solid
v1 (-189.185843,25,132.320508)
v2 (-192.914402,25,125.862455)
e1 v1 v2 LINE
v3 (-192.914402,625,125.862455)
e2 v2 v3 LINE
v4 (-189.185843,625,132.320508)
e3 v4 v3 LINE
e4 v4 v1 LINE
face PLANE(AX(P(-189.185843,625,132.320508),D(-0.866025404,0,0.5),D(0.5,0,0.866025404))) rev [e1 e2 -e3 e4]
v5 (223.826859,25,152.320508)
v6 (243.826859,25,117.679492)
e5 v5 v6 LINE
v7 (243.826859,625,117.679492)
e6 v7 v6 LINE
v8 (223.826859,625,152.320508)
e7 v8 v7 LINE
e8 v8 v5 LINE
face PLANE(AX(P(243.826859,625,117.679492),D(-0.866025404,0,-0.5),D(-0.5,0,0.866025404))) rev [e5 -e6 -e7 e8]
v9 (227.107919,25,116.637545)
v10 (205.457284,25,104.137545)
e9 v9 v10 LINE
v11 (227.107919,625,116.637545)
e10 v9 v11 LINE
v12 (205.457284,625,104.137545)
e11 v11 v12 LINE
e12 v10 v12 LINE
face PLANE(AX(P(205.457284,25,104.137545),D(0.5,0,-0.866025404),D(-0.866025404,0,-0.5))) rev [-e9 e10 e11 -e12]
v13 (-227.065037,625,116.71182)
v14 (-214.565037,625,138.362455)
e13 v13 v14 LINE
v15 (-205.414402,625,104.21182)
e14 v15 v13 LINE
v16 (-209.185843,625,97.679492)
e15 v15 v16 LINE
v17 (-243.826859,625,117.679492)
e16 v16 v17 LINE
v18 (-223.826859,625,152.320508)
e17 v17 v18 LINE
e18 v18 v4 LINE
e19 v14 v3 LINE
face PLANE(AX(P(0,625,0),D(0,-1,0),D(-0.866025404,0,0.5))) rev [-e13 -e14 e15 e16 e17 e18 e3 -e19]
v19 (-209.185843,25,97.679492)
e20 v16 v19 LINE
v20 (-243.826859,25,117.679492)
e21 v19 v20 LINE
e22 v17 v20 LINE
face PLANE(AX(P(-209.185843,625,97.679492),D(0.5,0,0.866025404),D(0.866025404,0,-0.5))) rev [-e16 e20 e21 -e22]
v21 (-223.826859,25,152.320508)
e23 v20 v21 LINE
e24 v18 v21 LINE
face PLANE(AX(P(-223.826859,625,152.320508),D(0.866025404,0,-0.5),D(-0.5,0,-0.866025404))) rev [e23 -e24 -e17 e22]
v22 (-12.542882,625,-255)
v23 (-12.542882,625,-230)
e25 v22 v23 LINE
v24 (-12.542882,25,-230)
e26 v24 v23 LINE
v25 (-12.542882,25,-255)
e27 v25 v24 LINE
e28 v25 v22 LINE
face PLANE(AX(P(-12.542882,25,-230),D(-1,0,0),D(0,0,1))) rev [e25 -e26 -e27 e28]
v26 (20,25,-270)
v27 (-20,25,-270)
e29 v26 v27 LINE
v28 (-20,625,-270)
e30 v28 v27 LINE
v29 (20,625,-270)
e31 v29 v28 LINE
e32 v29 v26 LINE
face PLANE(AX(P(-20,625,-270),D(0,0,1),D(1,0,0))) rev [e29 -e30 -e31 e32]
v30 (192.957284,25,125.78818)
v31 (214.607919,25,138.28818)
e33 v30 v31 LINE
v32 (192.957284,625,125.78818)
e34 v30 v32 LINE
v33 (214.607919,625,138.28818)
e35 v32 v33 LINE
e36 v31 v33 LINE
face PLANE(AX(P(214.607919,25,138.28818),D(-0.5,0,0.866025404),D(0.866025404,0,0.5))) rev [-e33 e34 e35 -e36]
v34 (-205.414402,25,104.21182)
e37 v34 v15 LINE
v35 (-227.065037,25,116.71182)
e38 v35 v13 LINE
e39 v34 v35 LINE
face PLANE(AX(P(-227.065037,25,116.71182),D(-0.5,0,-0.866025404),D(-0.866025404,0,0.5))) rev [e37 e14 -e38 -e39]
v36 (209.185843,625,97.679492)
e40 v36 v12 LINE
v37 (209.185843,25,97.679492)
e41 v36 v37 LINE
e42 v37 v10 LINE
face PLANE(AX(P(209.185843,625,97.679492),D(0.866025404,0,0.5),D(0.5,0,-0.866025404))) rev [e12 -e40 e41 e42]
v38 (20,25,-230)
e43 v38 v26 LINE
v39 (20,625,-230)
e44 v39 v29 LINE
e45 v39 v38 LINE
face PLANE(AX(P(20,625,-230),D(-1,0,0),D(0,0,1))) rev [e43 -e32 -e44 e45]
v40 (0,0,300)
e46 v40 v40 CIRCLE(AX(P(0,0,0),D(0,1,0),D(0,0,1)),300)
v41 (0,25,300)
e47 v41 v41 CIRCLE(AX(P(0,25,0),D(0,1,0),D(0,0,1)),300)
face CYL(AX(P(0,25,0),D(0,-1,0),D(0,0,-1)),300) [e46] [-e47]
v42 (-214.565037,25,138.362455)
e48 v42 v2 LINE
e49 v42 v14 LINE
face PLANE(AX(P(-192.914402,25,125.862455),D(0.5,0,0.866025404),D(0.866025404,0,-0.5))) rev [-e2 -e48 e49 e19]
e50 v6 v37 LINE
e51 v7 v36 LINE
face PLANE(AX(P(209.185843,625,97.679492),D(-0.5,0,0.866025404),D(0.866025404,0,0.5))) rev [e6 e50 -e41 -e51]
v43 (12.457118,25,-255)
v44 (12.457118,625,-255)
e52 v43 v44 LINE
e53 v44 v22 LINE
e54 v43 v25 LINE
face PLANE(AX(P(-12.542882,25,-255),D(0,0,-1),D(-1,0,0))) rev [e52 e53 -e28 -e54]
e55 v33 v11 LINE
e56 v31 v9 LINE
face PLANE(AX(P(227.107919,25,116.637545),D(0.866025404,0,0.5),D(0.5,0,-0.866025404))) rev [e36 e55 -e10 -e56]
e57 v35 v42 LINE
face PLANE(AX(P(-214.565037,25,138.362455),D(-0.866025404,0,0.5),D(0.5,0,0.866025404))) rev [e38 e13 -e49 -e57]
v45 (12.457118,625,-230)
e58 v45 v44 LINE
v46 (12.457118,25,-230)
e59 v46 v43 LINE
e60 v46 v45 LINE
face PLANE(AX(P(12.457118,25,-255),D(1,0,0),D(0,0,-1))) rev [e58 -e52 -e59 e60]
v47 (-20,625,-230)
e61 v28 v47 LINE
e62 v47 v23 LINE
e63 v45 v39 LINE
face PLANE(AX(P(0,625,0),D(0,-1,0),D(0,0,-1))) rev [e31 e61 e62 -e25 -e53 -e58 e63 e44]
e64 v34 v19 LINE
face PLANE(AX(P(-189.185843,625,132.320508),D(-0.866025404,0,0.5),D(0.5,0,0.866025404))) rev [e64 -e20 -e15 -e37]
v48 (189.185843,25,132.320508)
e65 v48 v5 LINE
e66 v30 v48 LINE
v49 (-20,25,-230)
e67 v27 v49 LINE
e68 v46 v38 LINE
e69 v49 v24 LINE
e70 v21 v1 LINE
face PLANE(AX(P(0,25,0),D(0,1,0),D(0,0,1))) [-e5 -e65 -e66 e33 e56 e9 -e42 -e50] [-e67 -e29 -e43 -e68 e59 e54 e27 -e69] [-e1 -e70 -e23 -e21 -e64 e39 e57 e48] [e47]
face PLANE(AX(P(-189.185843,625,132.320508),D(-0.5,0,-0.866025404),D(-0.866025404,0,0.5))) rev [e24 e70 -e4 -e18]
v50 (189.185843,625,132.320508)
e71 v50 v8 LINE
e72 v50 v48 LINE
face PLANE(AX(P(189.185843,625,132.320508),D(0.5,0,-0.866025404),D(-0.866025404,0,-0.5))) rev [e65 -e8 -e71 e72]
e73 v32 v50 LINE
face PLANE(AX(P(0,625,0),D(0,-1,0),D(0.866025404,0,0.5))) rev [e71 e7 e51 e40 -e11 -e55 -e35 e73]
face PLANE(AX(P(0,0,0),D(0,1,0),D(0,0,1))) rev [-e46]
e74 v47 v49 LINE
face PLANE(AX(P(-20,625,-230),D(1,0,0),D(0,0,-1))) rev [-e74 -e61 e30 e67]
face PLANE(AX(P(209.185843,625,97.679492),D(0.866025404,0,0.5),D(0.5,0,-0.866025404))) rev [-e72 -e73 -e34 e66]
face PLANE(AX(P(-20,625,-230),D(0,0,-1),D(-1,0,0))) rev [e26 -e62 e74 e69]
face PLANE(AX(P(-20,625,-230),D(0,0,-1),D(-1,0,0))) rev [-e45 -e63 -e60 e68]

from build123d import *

# Parameters (mm, degrees)
SKETCH2_R           = 300
BOSS_EXTRUDE1_DEPTH = 25
SKETCH4_W           = 40
SKETCH4_H           = 40
BOSS_EXTRUDE2_DEPTH = 600
SKETCH5_W           = 25
SKETCH5_H           = 25
CUT_EXTRUDE3_DEPTH  = 600
CIRPATTERN2_COUNT   = 3


with BuildPart() as part:
    # Sketch2 → Boss-Extrude1 (new body)
    with BuildSketch(Plane(origin=(0, 0, 0), x_dir=(1, 0, 0), z_dir=(0, 1, 0))):
        Circle(SKETCH2_R)
    extrude(amount=BOSS_EXTRUDE1_DEPTH)

    # Sketch4 → Boss-Extrude2 (add)
    with BuildSketch(Plane(origin=(0, 25, 0), x_dir=(1, 0, 0), z_dir=(0, 1, 0))):
        with Locations((0, 250)):
            Rectangle(SKETCH4_W, SKETCH4_H)
    boss_extrude2 = extrude(amount=BOSS_EXTRUDE2_DEPTH)

    # Sketch5 → Cut-Extrude3 (cut)
    with BuildSketch(Plane(origin=(0, 625, 0), x_dir=(1, 0, 0), z_dir=(0, 1, 0))):
        with Locations((-0.042882398, 242.5)):
            Rectangle(SKETCH5_W, SKETCH5_H)
    cut_extrude3 = extrude(amount=-CUT_EXTRUDE3_DEPTH, mode=Mode.SUBTRACT)

    # CirPattern2: Boss-Extrude2, Cut-Extrude3 ×3 about axis
    cirpattern2_axis = Axis((0, 0, 0), (0, 1, 0))
    for i in range(1, CIRPATTERN2_COUNT):
        add(boss_extrude2.rotate(cirpattern2_axis, i * 360 / CIRPATTERN2_COUNT))
        add(cut_extrude3.rotate(cirpattern2_axis, i * 360 / CIRPATTERN2_COUNT), mode=Mode.SUBTRACT)


solid = part.part
